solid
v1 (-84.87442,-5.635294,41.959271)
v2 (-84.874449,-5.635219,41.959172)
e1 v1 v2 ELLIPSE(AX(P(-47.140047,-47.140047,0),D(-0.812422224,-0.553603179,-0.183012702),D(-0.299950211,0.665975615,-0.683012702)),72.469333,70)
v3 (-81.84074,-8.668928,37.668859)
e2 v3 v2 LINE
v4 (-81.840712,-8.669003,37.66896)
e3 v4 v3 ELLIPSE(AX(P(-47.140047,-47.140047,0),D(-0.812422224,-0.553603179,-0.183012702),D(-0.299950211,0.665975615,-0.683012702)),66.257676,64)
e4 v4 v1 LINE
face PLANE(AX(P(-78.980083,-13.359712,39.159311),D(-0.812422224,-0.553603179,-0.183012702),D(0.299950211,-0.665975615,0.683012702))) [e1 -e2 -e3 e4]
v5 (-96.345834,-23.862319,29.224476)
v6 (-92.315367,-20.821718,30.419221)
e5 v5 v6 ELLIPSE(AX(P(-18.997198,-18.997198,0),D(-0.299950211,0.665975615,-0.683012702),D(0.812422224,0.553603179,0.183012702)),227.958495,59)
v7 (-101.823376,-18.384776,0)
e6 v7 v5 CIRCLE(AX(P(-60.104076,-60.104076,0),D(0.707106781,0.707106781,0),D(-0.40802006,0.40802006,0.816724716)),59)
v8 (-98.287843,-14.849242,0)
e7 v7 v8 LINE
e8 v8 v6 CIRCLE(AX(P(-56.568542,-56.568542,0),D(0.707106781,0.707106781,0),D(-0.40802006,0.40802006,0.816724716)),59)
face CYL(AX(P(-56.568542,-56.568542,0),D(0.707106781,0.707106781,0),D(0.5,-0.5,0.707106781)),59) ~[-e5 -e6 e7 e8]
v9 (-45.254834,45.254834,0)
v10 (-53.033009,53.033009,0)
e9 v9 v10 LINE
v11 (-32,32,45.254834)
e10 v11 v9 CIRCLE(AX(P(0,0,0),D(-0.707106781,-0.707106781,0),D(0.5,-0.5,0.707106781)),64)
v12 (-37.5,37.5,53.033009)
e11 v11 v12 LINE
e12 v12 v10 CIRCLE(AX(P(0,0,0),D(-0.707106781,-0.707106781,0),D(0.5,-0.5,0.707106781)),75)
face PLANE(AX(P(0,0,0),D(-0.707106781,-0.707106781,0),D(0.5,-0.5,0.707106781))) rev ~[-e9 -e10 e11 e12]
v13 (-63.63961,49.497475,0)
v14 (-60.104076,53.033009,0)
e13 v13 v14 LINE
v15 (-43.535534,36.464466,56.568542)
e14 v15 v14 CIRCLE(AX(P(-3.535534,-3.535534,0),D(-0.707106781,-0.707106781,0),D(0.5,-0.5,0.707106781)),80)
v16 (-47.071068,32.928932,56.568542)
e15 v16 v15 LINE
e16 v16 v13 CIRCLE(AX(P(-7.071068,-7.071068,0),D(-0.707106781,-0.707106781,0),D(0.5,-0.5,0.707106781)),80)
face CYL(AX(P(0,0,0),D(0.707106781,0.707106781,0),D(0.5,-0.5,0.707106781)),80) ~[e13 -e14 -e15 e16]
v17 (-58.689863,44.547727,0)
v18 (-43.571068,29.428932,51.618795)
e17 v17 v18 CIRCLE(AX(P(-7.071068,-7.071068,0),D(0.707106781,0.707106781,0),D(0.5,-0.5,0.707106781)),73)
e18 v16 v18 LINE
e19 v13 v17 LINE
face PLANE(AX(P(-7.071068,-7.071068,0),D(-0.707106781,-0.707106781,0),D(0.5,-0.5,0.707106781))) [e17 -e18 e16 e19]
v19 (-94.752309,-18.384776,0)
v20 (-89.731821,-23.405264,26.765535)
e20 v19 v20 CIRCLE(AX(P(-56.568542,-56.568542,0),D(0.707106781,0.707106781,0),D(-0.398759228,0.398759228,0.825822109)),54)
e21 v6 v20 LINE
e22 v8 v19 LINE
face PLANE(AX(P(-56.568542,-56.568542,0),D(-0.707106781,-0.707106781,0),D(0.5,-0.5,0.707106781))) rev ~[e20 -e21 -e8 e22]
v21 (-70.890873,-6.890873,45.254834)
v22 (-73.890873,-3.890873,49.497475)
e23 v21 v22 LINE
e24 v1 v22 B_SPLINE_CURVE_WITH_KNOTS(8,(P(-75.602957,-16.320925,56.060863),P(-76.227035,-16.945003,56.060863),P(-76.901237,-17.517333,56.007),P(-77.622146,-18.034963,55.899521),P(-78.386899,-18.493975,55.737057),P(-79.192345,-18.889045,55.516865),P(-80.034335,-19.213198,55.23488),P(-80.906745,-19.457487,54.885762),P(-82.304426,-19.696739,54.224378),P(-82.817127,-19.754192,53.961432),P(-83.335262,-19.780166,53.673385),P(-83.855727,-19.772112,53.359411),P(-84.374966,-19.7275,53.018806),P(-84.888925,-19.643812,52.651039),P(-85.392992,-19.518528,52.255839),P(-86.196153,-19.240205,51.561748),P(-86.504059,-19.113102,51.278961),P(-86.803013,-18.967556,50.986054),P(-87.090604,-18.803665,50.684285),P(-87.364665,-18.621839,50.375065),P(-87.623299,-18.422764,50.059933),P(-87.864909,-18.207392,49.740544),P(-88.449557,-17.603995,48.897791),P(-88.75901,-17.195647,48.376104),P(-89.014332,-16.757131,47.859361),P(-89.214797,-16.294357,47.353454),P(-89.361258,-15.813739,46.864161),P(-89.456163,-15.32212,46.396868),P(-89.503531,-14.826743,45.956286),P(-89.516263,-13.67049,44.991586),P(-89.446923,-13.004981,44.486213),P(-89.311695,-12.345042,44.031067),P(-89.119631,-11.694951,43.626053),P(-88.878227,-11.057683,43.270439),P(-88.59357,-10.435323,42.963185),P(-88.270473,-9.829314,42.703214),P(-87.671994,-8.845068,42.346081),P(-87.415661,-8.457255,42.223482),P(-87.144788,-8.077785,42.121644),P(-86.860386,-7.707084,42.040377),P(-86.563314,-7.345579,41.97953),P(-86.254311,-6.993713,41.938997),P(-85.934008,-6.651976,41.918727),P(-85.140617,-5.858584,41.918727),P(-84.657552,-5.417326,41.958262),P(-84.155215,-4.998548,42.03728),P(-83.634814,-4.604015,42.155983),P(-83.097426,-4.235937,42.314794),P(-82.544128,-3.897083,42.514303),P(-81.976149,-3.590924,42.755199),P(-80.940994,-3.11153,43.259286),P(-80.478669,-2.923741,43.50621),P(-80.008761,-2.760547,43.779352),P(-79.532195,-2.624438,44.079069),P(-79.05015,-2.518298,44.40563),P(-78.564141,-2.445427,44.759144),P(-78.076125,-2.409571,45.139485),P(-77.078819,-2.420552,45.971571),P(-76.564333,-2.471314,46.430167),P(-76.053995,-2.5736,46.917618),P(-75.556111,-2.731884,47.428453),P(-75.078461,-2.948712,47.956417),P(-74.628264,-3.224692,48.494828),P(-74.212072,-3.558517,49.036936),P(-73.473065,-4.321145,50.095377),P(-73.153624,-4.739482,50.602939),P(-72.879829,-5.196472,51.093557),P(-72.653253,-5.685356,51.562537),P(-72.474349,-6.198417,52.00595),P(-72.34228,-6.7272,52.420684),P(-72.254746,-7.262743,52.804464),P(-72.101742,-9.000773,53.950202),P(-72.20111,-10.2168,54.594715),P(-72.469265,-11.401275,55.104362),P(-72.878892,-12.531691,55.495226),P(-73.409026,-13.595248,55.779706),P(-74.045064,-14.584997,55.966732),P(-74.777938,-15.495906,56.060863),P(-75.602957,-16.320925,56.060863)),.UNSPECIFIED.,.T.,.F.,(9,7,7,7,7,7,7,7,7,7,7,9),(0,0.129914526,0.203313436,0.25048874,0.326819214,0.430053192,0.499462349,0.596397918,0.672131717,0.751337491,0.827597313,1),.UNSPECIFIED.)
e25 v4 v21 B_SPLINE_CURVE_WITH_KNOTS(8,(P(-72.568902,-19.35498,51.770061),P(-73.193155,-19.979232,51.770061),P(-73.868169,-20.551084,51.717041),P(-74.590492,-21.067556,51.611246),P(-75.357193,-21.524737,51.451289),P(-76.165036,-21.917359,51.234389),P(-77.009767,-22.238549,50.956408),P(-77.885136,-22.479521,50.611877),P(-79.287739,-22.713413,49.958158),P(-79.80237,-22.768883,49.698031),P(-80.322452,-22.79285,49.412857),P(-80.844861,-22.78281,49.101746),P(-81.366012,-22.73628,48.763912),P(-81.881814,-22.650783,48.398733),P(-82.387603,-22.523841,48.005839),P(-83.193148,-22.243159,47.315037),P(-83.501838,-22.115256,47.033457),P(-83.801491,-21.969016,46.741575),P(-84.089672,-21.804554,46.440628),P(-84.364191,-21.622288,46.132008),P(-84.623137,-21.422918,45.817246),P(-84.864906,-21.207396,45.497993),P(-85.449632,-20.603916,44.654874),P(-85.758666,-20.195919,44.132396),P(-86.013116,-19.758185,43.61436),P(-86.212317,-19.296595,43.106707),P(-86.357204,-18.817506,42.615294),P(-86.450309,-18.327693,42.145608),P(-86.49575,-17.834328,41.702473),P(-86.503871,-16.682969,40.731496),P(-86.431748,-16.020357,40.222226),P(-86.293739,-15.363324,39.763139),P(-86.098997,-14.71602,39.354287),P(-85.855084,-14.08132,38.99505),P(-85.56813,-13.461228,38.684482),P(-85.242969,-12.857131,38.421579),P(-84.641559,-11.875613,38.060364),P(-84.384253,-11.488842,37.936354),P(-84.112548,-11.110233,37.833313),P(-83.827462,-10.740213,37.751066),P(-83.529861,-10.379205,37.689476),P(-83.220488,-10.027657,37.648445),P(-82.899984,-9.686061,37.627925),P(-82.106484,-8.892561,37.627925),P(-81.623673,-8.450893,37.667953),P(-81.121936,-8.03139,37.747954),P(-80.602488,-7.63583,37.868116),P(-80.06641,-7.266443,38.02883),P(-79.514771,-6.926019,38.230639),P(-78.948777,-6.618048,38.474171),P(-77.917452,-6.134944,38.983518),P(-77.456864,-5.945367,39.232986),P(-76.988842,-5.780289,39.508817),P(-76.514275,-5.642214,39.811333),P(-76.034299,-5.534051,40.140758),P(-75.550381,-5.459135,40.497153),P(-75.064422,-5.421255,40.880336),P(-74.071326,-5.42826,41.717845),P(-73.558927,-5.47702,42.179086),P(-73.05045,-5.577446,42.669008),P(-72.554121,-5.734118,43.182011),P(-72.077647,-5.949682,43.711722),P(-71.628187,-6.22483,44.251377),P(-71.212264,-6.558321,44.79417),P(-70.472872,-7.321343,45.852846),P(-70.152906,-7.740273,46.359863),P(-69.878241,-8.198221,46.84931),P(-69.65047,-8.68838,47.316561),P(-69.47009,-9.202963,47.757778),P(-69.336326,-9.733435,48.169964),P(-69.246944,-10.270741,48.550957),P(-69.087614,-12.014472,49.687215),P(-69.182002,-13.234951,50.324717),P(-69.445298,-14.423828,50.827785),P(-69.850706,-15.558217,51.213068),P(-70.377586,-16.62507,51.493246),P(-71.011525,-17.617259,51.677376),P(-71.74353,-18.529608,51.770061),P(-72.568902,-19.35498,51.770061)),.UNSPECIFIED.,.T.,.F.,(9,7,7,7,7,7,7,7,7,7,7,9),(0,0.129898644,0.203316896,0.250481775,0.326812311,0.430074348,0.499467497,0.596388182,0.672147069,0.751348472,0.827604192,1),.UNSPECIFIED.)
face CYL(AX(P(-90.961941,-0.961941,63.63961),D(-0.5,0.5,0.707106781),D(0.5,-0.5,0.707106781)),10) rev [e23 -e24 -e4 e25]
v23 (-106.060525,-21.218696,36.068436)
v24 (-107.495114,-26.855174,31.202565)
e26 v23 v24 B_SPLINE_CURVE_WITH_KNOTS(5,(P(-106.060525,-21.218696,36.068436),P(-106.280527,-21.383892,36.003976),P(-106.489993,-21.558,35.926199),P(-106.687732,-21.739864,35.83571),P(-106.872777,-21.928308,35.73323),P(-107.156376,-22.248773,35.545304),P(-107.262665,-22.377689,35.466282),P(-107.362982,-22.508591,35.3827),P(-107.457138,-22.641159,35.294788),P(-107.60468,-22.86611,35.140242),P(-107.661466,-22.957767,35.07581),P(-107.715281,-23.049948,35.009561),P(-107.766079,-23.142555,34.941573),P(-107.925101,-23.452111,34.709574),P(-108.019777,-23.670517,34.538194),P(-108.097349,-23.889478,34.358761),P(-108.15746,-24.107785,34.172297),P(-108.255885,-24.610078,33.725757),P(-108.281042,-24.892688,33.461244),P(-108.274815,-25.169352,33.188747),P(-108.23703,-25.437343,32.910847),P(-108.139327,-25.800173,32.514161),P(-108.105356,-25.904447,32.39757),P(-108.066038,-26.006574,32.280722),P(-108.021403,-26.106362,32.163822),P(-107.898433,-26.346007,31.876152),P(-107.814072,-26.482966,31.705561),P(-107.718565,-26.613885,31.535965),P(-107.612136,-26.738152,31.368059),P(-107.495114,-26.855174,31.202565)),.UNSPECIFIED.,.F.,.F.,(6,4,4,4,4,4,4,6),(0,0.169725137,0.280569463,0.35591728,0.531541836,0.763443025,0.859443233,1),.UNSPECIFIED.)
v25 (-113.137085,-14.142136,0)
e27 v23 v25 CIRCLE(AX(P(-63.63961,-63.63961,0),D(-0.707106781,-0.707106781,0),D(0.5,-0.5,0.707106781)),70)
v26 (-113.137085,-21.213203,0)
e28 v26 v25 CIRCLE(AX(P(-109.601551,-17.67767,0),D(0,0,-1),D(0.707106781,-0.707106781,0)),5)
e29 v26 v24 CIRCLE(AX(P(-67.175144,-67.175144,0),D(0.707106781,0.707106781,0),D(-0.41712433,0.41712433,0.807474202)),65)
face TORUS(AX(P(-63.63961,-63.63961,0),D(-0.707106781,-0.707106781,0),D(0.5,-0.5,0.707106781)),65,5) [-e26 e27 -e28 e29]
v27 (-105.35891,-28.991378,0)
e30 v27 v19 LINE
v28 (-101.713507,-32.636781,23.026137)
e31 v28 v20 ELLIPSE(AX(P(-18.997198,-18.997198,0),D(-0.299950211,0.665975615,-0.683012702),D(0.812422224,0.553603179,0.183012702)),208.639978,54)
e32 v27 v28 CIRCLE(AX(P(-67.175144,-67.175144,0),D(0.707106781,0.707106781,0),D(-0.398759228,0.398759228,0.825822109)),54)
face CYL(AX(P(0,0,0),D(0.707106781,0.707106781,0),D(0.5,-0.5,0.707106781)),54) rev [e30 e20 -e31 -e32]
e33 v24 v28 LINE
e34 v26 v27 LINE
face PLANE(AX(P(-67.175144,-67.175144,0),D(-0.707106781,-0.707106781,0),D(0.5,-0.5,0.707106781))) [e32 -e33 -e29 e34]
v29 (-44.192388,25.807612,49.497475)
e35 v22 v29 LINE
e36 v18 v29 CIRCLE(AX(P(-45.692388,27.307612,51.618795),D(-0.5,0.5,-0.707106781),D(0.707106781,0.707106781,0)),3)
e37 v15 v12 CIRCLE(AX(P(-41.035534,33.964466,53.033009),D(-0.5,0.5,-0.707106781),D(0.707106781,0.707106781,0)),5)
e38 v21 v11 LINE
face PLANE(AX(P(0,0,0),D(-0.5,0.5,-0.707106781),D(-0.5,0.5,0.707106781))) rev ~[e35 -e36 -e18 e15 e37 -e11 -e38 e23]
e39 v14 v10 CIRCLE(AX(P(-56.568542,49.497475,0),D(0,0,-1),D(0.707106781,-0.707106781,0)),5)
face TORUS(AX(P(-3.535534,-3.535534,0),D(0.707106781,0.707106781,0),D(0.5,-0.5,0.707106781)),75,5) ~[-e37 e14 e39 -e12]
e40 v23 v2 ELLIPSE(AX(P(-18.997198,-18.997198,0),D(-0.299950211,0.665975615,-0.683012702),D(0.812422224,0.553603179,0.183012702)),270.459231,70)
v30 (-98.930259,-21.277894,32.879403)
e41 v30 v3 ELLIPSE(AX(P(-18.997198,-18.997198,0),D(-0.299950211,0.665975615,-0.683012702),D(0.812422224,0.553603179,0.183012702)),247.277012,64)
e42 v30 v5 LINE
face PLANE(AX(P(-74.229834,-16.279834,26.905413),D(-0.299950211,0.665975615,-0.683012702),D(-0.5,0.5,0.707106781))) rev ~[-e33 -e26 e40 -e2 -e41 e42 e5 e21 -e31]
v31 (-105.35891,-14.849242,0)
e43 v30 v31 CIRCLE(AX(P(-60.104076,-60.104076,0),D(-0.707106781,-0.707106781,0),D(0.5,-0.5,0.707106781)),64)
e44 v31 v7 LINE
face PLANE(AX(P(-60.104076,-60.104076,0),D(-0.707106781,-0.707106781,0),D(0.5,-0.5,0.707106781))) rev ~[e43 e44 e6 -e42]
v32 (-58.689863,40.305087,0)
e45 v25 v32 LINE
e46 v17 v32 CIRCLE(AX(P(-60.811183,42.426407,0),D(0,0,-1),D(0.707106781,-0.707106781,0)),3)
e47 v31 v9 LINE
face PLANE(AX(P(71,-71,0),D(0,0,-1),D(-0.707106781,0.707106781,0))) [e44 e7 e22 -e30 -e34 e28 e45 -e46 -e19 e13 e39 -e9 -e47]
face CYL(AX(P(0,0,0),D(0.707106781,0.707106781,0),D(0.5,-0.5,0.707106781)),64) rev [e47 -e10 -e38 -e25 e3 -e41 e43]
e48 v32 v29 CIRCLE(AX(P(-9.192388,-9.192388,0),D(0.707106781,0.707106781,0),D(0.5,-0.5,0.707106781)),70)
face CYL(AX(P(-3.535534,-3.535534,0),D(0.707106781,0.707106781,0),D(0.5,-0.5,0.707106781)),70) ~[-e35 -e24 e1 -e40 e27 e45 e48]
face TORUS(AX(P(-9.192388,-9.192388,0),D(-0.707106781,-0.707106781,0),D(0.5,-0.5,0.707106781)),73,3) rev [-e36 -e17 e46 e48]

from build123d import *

# Parameters (mm, degrees)
BOX007_W               = 100
BOX007_H               = 100
BOX007_DEPTH           = 100
BOX007_PLACEMENT_ANGLE = 135
BOX006_W               = 200
BOX006_H               = 100
BOX006_DEPTH           = 100
BOX006_PLACEMENT_ANGLE = 135
BOX005_W               = 100
BOX005_H               = 100
BOX005_DEPTH           = 100
BOX004_W               = 20
BOX004_H               = 20
BOX004_DEPTH           = 80
BOX003_W               = 20
BOX003_H               = 20
BOX003_DEPTH           = 80
BOX002_W               = 10
BOX002_H               = 25
BOX002_DEPTH           = 35
BOX002_PITCH_ANGLE     = -15
BOX001_W               = 10
BOX001_H               = 25
BOX001_DEPTH           = 35
BOX001_PITCH_ANGLE     = 15
BOX_W                  = 20
BOX_H                  = 25
BOX_DEPTH              = 35
CYLINDER005_R          = 10
CYLINDER005_DEPTH      = 180
CYLINDER005_ROLL_ANGLE = 90
CYLINDER004_R          = 54
CYLINDER004_DEPTH      = 100
CYLINDER003_R          = 59
CYLINDER003_DEPTH      = 10
CYLINDER002_R          = 64
CYLINDER002_DEPTH      = 85
CYLINDER001_R          = 70
CYLINDER001_DEPTH      = 90
CYLINDER_R             = 80
CYLINDER_DEPTH         = 10
FILLET_R               = 3
FILLET001_R            = 5
FILLET002_R            = 5
CUT009_ROLL_ANGLE      = 90
CUT009_PITCH_ANGLE     = -45
CUT009_PLACEMENT_ANGLE = -45


with BuildPart() as cube004:
    # Box007 → Box007 (new body)
    with BuildSketch(Plane.XY):
        with Locations((50, 50)):
            Rectangle(BOX007_W, BOX007_H)
    extrude(amount=BOX007_DEPTH)


with BuildPart() as cube004_1:
    # Box007 placement: moved
    add(cube004.part.rotate(Axis((0, 0, 0), (0, 0, -1)), BOX007_PLACEMENT_ANGLE))


with BuildPart() as cube003:
    # Box006 → Box006 (new body)
    with BuildSketch(Plane.XY):
        with Locations((100, 50)):
            Rectangle(BOX006_W, BOX006_H)
    extrude(amount=BOX006_DEPTH)


with BuildPart() as cube003_1:
    # Box006 placement: moved
    add(cube003.part.moved(Location((71, -71, 0))).rotate(Axis((71, -71, 0), (0, 0, 1)), BOX006_PLACEMENT_ANGLE))


with BuildPart() as cube002:
    # Box005 → Box005 (new body)
    with BuildSketch(Plane.XY):
        with Locations((50, 50)):
            Rectangle(BOX005_W, BOX005_H)
    extrude(amount=BOX005_DEPTH)


with BuildPart() as tab_cut_l:
    # Box004 → Box004 (new body)
    with BuildSketch(Plane(origin=(-83, -10, 20), x_dir=(1, 0, 0), z_dir=(0, 0, 1))):
        with Locations((10, 10)):
            Rectangle(BOX004_W, BOX004_H)
    extrude(amount=BOX004_DEPTH)


with BuildPart() as tab_cut_r:
    # Box003 → Box003 (new body)
    with BuildSketch(Plane(origin=(63, -10, 20), x_dir=(1, 0, 0), z_dir=(0, 0, 1))):
        with Locations((10, 10)):
            Rectangle(BOX003_W, BOX003_H)
    extrude(amount=BOX003_DEPTH)


with BuildPart() as cube001:
    # Box002 → Box002 (new body)
    with BuildSketch(Plane.XY):
        with Locations((5, 12.5)):
            Rectangle(BOX002_W, BOX002_H)
    extrude(amount=BOX002_DEPTH)


with BuildPart() as cube001_1:
    # Box002 pitch: moved
    add(cube001.part.rotate(Axis((0, 0, 0), (0, 1, 0)), BOX002_PITCH_ANGLE))


with BuildPart() as cube001_2:
    # Box002 placement: moved
    add(cube001_1.part.moved(Location((-9.95, 48, 64))))


with BuildPart() as cube:
    # Box001 → Box001 (new body)
    with BuildSketch(Plane.XY):
        with Locations((5, 12.5)):
            Rectangle(BOX001_W, BOX001_H)
    extrude(amount=BOX001_DEPTH)


with BuildPart() as cube_1:
    # Box001 pitch: moved
    add(cube.part.rotate(Axis((0, 0, 0), (0, 1, 0)), BOX001_PITCH_ANGLE))


with BuildPart() as cube_2:
    # Box001 placement: moved
    add(cube_1.part.moved(Location((0, 48, 65))))


with BuildPart() as bearing_slot:
    # Box → Box (new body)
    with BuildSketch(Plane(origin=(-10, 48, 65), x_dir=(1, 0, 0), z_dir=(0, 0, 1))):
        with Locations((10, 12.5)):
            Rectangle(BOX_W, BOX_H)
    extrude(amount=BOX_DEPTH)


with BuildPart() as bearing_holes:
    # Cylinder005 → Cylinder005 (new body)
    with BuildSketch(Plane.XY):
        Circle(CYLINDER005_R)
    extrude(amount=CYLINDER005_DEPTH)


with BuildPart() as bearing_holes_1:
    # Cylinder005 roll: moved
    add(bearing_holes.part.rotate(Axis((0, 0, 0), (1, 0, 0)), CYLINDER005_ROLL_ANGLE))


with BuildPart() as bearing_holes_2:
    # Cylinder005 placement: moved
    add(bearing_holes_1.part.moved(Location((0, 90, 65))))


with BuildPart() as through_hole:
    # Cylinder004 → Cylinder004 (new body)
    with BuildSketch(Plane.XY):
        Circle(CYLINDER004_R)
    extrude(amount=CYLINDER004_DEPTH)


with BuildPart() as inner_lip:
    # Cylinder003 → Cylinder003 (new body)
    with BuildSketch(Plane.XY.offset(80)):
        Circle(CYLINDER003_R)
    extrude(amount=CYLINDER003_DEPTH)


with BuildPart() as inner_hole:
    # Cylinder002 → Cylinder002 (new body)
    with BuildSketch(Plane.XY):
        Circle(CYLINDER002_R)
    extrude(amount=CYLINDER002_DEPTH)


with BuildPart() as body_cylinder:
    # Cylinder001 → Cylinder001 (new body)
    with BuildSketch(Plane.XY.offset(5)):
        Circle(CYLINDER001_R)
    extrude(amount=CYLINDER001_DEPTH)


with BuildPart() as cut010:
    # Cylinder → Cylinder (new body)
    with BuildSketch(Plane.XY):
        Circle(CYLINDER_R)
    extrude(amount=CYLINDER_DEPTH)

    # Fusion: union Body_Cylinder
    add(body_cylinder.part)

    # Cut: cut Inner_Hole
    add(inner_hole.part, mode=Mode.SUBTRACT)

    # Fusion001: union Inner_Lip
    add(inner_lip.part)

    # Cut001: cut Through_Hole
    add(through_hole.part, mode=Mode.SUBTRACT)

    # Fillet
    fillet_edges = [cut010.edges().sort_by_distance(p)[0] for p in [
        (-70, 0, 10),
    ]]
    fillet(fillet_edges, radius=FILLET_R)

    # Fillet001
    fillet001_edges = [cut010.edges().sort_by_distance(p)[0] for p in [
        (-80, 0, 0),
    ]]
    fillet(fillet001_edges, radius=FILLET001_R)

    # Fillet002
    fillet002_edges = [cut010.edges().sort_by_distance(p)[0] for p in [
        (-70, 0, 95),
    ]]
    fillet(fillet002_edges, radius=FILLET002_R)

    # Cut002: cut Bearing_Holes
    add(bearing_holes_2.part, mode=Mode.SUBTRACT)

    # Cut003: cut Bearing_Slot
    add(bearing_slot.part, mode=Mode.SUBTRACT)

    # Cut004: cut Cube
    add(cube_2.part, mode=Mode.SUBTRACT)

    # Cut005: cut Cube001
    add(cube001_2.part, mode=Mode.SUBTRACT)

    # Cut006: cut Tab_Cut_R
    add(tab_cut_r.part, mode=Mode.SUBTRACT)

    # Cut007: cut Tab_Cut_L
    add(tab_cut_l.part, mode=Mode.SUBTRACT)

    # Cut008: cut Cube002
    add(cube002.part, mode=Mode.SUBTRACT)

    # Cut009: cut Cube003
    add(cube003_1.part, mode=Mode.SUBTRACT)


with BuildPart() as cut010_1:
    # Cut009 roll: moved
    add(cut010.part.rotate(Axis((0, 0, 0), (1, 0, 0)), CUT009_ROLL_ANGLE))


with BuildPart() as cut010_2:
    # Cut009 pitch: moved
    add(cut010_1.part.rotate(Axis((0, 0, 0), (0, 1, 0)), CUT009_PITCH_ANGLE))


with BuildPart() as cut010_3:
    # Cut009 placement: moved
    add(cut010_2.part.rotate(Axis((0, 0, 0), (0, 0, 1)), CUT009_PLACEMENT_ANGLE))

    # Cut010: cut Cube004
    add(cube004_1.part, mode=Mode.SUBTRACT)


solid = cut010_3.part
